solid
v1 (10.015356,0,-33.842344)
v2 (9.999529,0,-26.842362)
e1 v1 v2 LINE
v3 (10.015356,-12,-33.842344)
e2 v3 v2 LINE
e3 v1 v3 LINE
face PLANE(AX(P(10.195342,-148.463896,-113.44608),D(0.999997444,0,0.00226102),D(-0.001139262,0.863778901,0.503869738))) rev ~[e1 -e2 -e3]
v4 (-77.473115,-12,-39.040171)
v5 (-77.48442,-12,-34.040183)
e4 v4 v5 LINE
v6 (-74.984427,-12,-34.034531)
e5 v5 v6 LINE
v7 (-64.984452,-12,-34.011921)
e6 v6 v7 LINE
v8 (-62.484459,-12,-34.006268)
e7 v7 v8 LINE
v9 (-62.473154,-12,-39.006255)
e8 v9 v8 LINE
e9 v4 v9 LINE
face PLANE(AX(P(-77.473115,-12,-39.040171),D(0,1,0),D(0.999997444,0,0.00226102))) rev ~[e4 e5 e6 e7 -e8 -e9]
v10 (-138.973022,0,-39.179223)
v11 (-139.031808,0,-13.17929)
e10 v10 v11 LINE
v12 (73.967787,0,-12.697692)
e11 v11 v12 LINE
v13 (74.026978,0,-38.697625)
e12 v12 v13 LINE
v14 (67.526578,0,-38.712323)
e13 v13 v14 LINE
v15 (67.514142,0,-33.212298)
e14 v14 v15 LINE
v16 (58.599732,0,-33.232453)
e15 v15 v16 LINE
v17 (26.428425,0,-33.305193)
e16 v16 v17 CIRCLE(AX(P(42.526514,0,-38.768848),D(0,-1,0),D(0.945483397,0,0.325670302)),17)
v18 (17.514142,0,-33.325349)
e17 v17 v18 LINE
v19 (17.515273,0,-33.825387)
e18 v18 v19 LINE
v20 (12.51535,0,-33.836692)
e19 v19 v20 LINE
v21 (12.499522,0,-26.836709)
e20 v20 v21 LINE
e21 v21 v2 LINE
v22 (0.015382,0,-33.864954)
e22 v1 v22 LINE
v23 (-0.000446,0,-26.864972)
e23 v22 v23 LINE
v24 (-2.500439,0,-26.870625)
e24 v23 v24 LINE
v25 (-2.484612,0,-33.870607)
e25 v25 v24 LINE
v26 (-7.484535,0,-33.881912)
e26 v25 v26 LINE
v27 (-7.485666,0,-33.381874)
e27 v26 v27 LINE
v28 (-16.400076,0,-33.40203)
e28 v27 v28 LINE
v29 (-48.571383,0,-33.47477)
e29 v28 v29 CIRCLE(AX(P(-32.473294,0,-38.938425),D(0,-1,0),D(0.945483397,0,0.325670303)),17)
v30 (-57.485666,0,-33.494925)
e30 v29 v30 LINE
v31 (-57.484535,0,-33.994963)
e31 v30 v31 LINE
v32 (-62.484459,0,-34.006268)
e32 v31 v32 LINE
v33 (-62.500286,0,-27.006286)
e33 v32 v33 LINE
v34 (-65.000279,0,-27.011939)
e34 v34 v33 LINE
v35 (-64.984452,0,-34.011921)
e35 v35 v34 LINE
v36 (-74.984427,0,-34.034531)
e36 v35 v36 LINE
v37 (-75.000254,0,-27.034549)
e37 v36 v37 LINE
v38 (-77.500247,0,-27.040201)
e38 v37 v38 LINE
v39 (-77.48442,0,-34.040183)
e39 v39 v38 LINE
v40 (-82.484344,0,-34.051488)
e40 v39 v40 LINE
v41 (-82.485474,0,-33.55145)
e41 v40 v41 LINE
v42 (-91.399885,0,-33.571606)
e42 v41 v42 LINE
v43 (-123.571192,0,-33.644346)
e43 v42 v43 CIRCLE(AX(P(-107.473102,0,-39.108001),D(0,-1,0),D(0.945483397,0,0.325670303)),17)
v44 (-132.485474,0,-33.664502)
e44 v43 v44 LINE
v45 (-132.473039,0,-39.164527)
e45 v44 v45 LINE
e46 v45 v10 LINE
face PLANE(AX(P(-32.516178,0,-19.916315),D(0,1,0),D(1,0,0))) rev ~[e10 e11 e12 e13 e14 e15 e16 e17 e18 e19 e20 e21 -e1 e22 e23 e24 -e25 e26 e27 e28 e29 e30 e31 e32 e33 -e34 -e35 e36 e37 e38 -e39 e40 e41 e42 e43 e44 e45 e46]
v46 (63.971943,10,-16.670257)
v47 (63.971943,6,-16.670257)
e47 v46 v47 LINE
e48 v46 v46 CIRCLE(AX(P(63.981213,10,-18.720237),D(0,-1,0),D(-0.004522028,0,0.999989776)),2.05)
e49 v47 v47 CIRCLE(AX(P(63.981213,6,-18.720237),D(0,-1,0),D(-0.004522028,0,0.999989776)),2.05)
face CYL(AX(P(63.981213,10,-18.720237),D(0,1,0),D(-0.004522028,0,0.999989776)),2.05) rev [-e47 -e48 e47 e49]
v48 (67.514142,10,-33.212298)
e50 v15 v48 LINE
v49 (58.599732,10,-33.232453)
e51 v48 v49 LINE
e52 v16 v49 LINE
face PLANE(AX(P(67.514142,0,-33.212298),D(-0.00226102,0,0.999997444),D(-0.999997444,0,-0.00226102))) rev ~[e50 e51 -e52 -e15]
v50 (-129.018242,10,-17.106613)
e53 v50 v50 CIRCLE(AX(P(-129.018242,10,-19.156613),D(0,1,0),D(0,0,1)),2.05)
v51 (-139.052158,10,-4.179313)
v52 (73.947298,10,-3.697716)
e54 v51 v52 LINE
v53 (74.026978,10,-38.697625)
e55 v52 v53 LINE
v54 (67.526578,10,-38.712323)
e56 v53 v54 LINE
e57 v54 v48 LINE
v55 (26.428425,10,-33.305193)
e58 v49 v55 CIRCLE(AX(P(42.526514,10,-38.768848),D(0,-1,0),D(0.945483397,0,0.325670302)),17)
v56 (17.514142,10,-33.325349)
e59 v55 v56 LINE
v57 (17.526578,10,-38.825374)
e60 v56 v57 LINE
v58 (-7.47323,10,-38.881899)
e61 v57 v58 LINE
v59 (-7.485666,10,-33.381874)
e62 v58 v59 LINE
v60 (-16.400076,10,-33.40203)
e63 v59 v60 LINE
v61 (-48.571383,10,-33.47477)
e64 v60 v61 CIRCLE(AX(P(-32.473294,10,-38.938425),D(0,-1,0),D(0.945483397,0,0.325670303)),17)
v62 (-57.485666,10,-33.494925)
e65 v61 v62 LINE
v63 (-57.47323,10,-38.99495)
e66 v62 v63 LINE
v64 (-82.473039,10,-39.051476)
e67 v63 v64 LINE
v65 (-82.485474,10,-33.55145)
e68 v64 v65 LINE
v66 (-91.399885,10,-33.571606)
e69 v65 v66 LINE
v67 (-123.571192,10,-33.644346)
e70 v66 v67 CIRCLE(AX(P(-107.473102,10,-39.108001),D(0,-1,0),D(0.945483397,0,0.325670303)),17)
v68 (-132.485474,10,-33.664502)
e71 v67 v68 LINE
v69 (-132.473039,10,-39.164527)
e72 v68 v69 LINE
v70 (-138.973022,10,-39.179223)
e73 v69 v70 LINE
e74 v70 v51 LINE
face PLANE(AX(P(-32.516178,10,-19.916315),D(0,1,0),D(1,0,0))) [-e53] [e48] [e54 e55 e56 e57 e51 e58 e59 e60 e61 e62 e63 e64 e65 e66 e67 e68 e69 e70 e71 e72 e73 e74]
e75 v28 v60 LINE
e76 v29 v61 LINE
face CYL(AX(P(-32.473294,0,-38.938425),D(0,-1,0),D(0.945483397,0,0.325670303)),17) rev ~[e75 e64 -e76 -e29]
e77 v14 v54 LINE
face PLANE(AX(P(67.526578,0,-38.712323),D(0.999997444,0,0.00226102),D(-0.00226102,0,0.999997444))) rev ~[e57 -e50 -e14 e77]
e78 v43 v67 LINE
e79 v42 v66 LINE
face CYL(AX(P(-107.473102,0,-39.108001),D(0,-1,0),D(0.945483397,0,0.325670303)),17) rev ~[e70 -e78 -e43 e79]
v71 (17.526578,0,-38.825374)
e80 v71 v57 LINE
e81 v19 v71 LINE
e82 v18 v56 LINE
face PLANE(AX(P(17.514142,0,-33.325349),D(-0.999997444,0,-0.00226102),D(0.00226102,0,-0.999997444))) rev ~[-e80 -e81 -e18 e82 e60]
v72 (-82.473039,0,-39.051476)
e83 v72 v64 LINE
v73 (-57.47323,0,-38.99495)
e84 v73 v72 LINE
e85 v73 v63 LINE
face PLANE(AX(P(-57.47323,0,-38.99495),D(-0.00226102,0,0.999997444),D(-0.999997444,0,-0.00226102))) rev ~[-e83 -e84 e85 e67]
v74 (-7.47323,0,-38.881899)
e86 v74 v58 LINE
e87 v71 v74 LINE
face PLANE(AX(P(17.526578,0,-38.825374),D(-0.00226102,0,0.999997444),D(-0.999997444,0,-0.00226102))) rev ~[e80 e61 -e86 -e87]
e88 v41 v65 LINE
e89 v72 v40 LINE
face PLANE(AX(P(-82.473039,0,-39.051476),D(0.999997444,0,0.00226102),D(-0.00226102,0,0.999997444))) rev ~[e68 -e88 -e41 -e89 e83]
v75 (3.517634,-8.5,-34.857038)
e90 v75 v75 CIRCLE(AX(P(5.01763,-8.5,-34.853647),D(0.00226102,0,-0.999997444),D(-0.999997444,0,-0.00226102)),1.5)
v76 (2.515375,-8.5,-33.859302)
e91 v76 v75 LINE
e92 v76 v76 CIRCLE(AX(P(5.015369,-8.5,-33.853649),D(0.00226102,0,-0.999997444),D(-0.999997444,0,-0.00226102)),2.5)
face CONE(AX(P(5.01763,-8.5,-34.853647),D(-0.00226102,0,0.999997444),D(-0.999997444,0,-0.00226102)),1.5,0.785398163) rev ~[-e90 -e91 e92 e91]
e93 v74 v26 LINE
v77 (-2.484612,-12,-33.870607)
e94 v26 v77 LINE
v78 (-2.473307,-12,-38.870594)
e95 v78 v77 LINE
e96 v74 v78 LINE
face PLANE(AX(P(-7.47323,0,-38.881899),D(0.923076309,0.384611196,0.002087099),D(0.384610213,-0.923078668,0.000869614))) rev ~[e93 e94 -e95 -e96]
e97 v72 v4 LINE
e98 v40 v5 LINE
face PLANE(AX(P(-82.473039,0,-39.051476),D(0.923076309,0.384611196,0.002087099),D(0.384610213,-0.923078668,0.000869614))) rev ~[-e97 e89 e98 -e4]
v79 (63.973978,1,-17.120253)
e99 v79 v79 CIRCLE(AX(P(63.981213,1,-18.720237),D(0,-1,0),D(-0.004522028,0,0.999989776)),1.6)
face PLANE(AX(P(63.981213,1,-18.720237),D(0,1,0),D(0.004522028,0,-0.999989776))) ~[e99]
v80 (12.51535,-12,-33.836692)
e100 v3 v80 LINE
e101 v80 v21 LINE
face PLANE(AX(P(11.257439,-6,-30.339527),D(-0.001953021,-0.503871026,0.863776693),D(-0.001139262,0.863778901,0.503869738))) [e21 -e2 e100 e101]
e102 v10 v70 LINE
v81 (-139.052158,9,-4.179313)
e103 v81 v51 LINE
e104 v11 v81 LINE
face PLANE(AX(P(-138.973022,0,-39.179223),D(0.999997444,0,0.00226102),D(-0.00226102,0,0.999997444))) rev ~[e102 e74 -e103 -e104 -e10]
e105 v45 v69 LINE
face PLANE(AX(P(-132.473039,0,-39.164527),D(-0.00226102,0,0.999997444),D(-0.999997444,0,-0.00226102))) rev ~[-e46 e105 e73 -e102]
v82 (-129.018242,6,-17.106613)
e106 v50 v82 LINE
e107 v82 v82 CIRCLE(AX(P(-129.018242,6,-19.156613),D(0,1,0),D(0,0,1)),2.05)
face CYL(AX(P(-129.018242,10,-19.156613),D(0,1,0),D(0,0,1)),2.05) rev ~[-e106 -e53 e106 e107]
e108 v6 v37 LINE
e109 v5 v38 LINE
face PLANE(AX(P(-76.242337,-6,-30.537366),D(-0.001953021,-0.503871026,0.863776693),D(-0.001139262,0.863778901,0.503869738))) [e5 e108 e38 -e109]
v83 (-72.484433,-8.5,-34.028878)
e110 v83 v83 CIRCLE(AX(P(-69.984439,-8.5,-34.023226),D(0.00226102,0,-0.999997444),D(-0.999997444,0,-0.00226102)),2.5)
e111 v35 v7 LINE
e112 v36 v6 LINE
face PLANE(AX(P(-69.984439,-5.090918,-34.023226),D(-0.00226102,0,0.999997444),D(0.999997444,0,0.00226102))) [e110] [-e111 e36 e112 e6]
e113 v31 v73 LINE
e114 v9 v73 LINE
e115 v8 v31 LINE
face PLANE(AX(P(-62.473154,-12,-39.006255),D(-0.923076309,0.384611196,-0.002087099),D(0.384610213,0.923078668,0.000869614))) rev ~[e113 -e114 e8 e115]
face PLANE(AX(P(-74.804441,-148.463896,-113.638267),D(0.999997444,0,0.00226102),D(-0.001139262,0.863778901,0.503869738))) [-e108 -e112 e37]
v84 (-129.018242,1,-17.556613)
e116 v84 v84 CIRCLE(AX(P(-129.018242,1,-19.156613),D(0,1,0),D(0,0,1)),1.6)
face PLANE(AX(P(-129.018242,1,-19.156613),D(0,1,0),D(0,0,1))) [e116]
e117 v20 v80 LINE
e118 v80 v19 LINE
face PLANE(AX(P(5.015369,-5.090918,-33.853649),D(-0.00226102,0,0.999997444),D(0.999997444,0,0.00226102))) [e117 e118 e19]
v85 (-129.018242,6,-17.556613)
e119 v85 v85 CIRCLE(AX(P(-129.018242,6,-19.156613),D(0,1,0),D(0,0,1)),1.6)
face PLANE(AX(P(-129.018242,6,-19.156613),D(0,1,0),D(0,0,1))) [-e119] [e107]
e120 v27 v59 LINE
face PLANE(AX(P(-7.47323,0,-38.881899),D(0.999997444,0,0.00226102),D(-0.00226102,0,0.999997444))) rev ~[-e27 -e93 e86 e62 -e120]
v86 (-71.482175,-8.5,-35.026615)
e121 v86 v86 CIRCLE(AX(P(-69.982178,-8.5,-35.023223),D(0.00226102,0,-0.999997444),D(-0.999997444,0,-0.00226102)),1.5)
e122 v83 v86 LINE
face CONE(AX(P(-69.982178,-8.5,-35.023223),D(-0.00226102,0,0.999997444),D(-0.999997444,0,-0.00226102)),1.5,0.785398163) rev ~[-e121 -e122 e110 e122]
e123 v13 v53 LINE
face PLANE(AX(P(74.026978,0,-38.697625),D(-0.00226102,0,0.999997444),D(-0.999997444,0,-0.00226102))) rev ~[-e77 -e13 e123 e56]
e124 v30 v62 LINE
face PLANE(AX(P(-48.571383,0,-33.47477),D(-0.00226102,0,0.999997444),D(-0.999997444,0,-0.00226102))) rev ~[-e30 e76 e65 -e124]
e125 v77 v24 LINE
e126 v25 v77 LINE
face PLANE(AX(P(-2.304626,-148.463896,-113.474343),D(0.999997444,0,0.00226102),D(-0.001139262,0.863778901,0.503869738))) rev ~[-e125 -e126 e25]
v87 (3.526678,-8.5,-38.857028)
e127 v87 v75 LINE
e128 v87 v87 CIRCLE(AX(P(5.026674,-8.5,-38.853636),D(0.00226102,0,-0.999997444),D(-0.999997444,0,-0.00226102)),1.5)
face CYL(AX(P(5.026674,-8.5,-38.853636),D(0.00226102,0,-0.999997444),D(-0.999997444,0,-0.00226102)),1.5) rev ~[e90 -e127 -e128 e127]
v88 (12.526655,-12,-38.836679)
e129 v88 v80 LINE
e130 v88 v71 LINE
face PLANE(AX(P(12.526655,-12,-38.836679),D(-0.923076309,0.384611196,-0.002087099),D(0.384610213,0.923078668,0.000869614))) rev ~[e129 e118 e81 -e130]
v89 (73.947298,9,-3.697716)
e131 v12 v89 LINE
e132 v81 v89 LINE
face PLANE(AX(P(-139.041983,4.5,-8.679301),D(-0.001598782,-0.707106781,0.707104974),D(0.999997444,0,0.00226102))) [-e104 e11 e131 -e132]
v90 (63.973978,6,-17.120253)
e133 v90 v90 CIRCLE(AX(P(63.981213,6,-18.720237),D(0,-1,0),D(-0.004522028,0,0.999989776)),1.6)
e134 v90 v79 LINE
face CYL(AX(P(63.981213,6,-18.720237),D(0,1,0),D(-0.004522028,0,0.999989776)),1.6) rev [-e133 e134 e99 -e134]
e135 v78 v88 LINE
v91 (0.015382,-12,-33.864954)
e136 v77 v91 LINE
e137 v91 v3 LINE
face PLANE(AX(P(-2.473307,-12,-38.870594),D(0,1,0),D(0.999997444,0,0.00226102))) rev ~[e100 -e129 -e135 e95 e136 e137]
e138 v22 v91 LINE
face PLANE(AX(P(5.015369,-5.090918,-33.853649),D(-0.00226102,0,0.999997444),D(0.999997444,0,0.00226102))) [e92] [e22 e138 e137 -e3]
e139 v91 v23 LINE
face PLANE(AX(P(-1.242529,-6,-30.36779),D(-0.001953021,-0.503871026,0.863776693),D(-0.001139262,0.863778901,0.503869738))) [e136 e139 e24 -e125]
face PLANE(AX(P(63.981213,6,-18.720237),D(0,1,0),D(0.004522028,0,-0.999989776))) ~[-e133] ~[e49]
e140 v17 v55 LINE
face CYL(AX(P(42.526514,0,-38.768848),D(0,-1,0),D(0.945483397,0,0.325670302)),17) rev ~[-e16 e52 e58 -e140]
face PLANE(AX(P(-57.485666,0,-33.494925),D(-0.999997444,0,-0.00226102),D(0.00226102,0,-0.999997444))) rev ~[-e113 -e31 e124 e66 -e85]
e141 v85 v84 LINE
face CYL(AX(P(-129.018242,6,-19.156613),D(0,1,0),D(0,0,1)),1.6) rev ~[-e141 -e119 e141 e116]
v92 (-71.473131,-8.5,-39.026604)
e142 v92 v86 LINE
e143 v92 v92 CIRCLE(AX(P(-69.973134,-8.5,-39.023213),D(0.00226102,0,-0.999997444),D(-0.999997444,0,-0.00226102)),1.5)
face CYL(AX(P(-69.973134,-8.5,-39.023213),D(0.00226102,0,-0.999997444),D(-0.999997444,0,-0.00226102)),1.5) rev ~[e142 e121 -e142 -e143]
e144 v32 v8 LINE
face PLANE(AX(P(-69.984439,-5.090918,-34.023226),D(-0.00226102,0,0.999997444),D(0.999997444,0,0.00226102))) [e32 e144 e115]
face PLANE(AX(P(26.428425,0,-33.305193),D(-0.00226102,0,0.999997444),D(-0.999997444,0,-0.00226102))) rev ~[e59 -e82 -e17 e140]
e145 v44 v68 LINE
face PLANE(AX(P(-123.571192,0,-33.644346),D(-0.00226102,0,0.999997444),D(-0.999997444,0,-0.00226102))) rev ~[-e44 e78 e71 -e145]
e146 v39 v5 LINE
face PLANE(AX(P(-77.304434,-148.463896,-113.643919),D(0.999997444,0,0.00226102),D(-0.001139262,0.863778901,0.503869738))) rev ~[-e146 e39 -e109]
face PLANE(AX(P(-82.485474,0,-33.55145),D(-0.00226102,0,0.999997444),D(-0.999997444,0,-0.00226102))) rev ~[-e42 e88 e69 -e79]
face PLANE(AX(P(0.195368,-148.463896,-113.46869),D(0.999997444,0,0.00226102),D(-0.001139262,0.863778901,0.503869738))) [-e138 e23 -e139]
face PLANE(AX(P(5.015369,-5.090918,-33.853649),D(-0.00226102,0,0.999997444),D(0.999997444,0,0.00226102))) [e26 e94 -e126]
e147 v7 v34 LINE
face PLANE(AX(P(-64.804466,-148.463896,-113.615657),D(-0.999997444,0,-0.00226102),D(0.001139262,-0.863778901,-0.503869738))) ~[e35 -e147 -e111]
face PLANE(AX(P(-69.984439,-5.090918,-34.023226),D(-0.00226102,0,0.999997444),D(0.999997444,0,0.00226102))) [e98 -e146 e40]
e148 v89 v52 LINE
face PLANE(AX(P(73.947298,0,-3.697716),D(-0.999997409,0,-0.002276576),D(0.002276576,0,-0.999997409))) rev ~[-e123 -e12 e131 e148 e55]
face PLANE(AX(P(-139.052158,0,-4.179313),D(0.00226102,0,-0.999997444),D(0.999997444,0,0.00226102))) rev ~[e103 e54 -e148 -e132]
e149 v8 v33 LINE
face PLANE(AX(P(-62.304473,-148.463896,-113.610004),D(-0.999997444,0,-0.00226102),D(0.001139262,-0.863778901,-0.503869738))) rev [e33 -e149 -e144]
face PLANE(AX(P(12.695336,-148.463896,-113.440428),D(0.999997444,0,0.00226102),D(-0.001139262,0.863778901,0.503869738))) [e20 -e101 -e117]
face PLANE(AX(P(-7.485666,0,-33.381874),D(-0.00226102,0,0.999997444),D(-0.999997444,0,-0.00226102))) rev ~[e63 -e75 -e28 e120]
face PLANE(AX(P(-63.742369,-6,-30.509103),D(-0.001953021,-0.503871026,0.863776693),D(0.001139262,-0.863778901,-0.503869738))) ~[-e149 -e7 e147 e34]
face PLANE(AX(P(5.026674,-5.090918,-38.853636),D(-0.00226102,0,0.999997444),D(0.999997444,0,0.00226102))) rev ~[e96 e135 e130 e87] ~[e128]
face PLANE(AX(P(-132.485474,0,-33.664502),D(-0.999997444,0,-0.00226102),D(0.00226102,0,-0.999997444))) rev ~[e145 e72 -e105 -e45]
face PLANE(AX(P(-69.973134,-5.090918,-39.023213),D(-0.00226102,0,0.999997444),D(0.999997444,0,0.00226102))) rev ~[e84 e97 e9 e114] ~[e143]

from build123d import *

# Parameters (mm, degrees)
BOSS_EXTRUDE3_DEPTH        = 10
SKETCH4_R                  = 1.5
BOSS_EXTRUDE4_DEPTH        = 5
RIB6_REACH                 = 158.985
SKETCH5_WALL_W             = 329.861950248
SKETCH5_WALL_H             = 2.5
CHAMFER2_SIZE              = 1
LPATTERN4_COUNT            = 2
LPATTERN4_PITCH            = 75
LPATTERN4_COPY_1_REACH     = 158.985
LPATTERN4_COPY_1_SKETCH_W  = 329.861950248
LPATTERN4_COPY_1_SKETCH_H  = 2.5
CHAMFER2_OF_LPATTERN4_SIZE = 1
CHAMFER3_SIZE              = 9
SKETCH8_R                  = 2.05
CUT_EXTRUDE1_DEPTH         = 4
SKETCH9_R                  = 1.6
CUT_EXTRUDE2_DEPTH         = 5


with BuildPart() as part:
    # Sketch2 → Boss-Extrude3 (new body)
    with BuildSketch(Plane(origin=(0, 0, 0), x_dir=(1, 0, 0), z_dir=(0, 1, 0))):
        with BuildLine():
            Line((-138.973021921, 39.179223473), (-139.052157616, 4.179312937))
            Line((-139.052157616, 4.179312937), (73.947297933, 3.697715709))
            Line((73.947297933, 3.697715709), (74.026978079, 38.697625014))
            Line((74.026978079, 38.697625014), (67.526578048, 38.712322585))
            Line((67.526578048, 38.712322585), (67.51414235, 33.212297518))
            Line((67.51414235, 33.212297518), (58.599731895, 33.232453229))
            ThreePointArc((58.599731895, 33.232453229), (42.488076808, 21.768891824), (26.428425, 33.305193378))
            Line((26.428425, 33.305193378), (17.51414235, 33.3253488))
            Line((17.51414235, 33.3253488), (17.526578048, 38.825373866))
            Line((17.526578048, 38.825373866), (-7.473230244, 38.881899074))
            Line((-7.473230244, 38.881899074), (-7.485665941, 33.381874007))
            Line((-7.485665941, 33.381874007), (-16.400076396, 33.402029717))
            ThreePointArc((-16.400076396, 33.402029717), (-32.511731484, 21.938468313), (-48.571383292, 33.474769867))
            Line((-48.571383292, 33.474769867), (-57.485665941, 33.494925288))
            Line((-57.485665941, 33.494925288), (-57.473230244, 38.994950355))
            Line((-57.473230244, 38.994950355), (-82.473038536, 39.051475562))
            Line((-82.473038536, 39.051475562), (-82.485474233, 33.551450496))
            Line((-82.485474233, 33.551450496), (-91.399884688, 33.571606206))
            ThreePointArc((-91.399884688, 33.571606206), (-107.511539776, 22.108044802), (-123.571191584, 33.644346356))
            Line((-123.571191584, 33.644346356), (-132.485474233, 33.664501777))
            Line((-132.485474233, 33.664501777), (-132.473038536, 39.164526844))
            Line((-132.473038536, 39.164526844), (-138.973021921, 39.179223473))
        make_face()
    extrude(amount=BOSS_EXTRUDE3_DEPTH)

    # Sketch4 → Boss-Extrude4 (add)
    with BuildSketch(Plane(origin=(0.087874316, 0, -38.864803222), x_dir=(-0.99999744389135, 0, -0.002261019850970016), z_dir=(0.002261019850970016, 0, -0.99999744389135))):
        Polygon((62.56118779, -12), (57.561251693, 0), (82.561123887, 0), (77.56118779, -12), align=None)
        with Locations((70.06118779, -8.5)):
            Circle(SKETCH4_R, mode=Mode.SUBTRACT)
    boss_extrude4 = extrude(amount=-BOSS_EXTRUDE4_DEPTH)

    # Sketch5 wall → Rib6 (add, up to next)
    with BuildSketch(Plane(origin=(-77.492333887, -6, -30.540192335), x_dir=(-0.001139262394, 0.863778900906, 0.503869737562), z_dir=(-0.001953021242, -0.503871025511, 0.863776692993)), mode=Mode.PRIVATE) as rib6_sk1:
        with Locations((0, -1.25)):
            Rectangle(SKETCH5_WALL_W, SKETCH5_WALL_H)
    rib6_tool1 = extrude(rib6_sk1.sketch, amount=-RIB6_REACH, mode=Mode.PRIVATE) - part.part
    rib6 = rib6_tool1.solids().sort_by_distance((-77.492333887, -6, -30.540192335))[0]
    add(rib6)

    # Mirror2: Rib6 across plane
    add(rib6.mirror(Plane(origin=(-70.061008706, 0, -0.158409736), x_dir=(-0.0022610198509701073, 0, 0.99999744389135), z_dir=(0.99999744389135, 0, 0.002261019850970107))))

    # Chamfer2
    chamfer2_edges = [part.edges().sort_by_distance(p)[0] for p in [
        (-68.484443323, -8.5, -34.01983421),
    ]]
    chamfer(chamfer2_edges, length=CHAMFER2_SIZE)

    # LPattern4: Boss-Extrude4, Rib6 ×2
    with Locations(*[Vector(0.9999974438913499, 0, 0.002261019850970079) * (i * LPATTERN4_PITCH) for i in range(1, LPATTERN4_COUNT)]):
        add(boss_extrude4)
        add(rib6)

    # LPattern4 copy 1 sketch → LPattern4 copy 1 (add, up to next)
    with BuildSketch(Plane(origin=(12.507436062, -6, -30.336700548), x_dir=(-0.0011392623880184954, 0.863778900906, 0.5038697375620136), z_dir=(-0.0019530212415939509, -0.503871025511, 0.863776692993001)), mode=Mode.PRIVATE) as lpattern4_copy_1_sk1:
        with Locations((0, 1.25)):
            Rectangle(LPATTERN4_COPY_1_SKETCH_W, LPATTERN4_COPY_1_SKETCH_H)
    lpattern4_copy_1_tool1 = extrude(lpattern4_copy_1_sk1.sketch, amount=-LPATTERN4_COPY_1_REACH, mode=Mode.PRIVATE) - part.part
    add(lpattern4_copy_1_tool1.solids().sort_by_distance((12.507436062, -6, -30.336700548))[0])

    # Chamfer2 of LPattern4
    chamfer2_of_lpattern4_edges = [part.edges().sort_by_distance(p)[0] for p in [
        (6.515364969, -8.5, -33.850257721),
    ]]
    chamfer(chamfer2_of_lpattern4_edges, length=CHAMFER2_OF_LPATTERN4_SIZE)

    # Chamfer3
    chamfer3_edges = [part.edges().sort_by_distance(p)[0] for p in [
        (-32.552429841, 0, -3.938514323),
    ]]
    chamfer(chamfer3_edges, length=CHAMFER3_SIZE)

    # Sketch8 → Cut-Extrude1 (cut)
    with BuildSketch(Plane(origin=(0, 10, 0), x_dir=(1, 0, 0), z_dir=(0, 1, 0))):
        with Locations(Location((-129.018242433, 19.156613217, 0), (0, 0, 270))):
            Circle(SKETCH8_R)
    cut_extrude1 = extrude(amount=-CUT_EXTRUDE1_DEPTH, mode=Mode.SUBTRACT)

    # Sketch9 → Cut-Extrude2 (cut)
    with BuildSketch(Plane(origin=(0, 6, 0), x_dir=(1, 0, 0), z_dir=(0, 1, 0))):
        with Locations(Location((-129.018242433, 19.156613217, 0), (0, 0, 270))):
            Circle(SKETCH9_R)
    cut_extrude2 = extrude(amount=-CUT_EXTRUDE2_DEPTH, mode=Mode.SUBTRACT)

    # Mirror4: Cut-Extrude1, Cut-Extrude2 across plane
    add(cut_extrude1.mirror(Plane(origin=(-32.561168463, 0, -0.073621636), x_dir=(-0.002261019850969509, 0, 0.99999744389135), z_dir=(-0.99999744389135, 0, -0.0022610198509695084))), mode=Mode.SUBTRACT)
    add(cut_extrude2.mirror(Plane(origin=(-32.561168463, 0, -0.073621636), x_dir=(-0.002261019850969509, 0, 0.99999744389135), z_dir=(-0.99999744389135, 0, -0.0022610198509695084))), mode=Mode.SUBTRACT)


solid = part.part
